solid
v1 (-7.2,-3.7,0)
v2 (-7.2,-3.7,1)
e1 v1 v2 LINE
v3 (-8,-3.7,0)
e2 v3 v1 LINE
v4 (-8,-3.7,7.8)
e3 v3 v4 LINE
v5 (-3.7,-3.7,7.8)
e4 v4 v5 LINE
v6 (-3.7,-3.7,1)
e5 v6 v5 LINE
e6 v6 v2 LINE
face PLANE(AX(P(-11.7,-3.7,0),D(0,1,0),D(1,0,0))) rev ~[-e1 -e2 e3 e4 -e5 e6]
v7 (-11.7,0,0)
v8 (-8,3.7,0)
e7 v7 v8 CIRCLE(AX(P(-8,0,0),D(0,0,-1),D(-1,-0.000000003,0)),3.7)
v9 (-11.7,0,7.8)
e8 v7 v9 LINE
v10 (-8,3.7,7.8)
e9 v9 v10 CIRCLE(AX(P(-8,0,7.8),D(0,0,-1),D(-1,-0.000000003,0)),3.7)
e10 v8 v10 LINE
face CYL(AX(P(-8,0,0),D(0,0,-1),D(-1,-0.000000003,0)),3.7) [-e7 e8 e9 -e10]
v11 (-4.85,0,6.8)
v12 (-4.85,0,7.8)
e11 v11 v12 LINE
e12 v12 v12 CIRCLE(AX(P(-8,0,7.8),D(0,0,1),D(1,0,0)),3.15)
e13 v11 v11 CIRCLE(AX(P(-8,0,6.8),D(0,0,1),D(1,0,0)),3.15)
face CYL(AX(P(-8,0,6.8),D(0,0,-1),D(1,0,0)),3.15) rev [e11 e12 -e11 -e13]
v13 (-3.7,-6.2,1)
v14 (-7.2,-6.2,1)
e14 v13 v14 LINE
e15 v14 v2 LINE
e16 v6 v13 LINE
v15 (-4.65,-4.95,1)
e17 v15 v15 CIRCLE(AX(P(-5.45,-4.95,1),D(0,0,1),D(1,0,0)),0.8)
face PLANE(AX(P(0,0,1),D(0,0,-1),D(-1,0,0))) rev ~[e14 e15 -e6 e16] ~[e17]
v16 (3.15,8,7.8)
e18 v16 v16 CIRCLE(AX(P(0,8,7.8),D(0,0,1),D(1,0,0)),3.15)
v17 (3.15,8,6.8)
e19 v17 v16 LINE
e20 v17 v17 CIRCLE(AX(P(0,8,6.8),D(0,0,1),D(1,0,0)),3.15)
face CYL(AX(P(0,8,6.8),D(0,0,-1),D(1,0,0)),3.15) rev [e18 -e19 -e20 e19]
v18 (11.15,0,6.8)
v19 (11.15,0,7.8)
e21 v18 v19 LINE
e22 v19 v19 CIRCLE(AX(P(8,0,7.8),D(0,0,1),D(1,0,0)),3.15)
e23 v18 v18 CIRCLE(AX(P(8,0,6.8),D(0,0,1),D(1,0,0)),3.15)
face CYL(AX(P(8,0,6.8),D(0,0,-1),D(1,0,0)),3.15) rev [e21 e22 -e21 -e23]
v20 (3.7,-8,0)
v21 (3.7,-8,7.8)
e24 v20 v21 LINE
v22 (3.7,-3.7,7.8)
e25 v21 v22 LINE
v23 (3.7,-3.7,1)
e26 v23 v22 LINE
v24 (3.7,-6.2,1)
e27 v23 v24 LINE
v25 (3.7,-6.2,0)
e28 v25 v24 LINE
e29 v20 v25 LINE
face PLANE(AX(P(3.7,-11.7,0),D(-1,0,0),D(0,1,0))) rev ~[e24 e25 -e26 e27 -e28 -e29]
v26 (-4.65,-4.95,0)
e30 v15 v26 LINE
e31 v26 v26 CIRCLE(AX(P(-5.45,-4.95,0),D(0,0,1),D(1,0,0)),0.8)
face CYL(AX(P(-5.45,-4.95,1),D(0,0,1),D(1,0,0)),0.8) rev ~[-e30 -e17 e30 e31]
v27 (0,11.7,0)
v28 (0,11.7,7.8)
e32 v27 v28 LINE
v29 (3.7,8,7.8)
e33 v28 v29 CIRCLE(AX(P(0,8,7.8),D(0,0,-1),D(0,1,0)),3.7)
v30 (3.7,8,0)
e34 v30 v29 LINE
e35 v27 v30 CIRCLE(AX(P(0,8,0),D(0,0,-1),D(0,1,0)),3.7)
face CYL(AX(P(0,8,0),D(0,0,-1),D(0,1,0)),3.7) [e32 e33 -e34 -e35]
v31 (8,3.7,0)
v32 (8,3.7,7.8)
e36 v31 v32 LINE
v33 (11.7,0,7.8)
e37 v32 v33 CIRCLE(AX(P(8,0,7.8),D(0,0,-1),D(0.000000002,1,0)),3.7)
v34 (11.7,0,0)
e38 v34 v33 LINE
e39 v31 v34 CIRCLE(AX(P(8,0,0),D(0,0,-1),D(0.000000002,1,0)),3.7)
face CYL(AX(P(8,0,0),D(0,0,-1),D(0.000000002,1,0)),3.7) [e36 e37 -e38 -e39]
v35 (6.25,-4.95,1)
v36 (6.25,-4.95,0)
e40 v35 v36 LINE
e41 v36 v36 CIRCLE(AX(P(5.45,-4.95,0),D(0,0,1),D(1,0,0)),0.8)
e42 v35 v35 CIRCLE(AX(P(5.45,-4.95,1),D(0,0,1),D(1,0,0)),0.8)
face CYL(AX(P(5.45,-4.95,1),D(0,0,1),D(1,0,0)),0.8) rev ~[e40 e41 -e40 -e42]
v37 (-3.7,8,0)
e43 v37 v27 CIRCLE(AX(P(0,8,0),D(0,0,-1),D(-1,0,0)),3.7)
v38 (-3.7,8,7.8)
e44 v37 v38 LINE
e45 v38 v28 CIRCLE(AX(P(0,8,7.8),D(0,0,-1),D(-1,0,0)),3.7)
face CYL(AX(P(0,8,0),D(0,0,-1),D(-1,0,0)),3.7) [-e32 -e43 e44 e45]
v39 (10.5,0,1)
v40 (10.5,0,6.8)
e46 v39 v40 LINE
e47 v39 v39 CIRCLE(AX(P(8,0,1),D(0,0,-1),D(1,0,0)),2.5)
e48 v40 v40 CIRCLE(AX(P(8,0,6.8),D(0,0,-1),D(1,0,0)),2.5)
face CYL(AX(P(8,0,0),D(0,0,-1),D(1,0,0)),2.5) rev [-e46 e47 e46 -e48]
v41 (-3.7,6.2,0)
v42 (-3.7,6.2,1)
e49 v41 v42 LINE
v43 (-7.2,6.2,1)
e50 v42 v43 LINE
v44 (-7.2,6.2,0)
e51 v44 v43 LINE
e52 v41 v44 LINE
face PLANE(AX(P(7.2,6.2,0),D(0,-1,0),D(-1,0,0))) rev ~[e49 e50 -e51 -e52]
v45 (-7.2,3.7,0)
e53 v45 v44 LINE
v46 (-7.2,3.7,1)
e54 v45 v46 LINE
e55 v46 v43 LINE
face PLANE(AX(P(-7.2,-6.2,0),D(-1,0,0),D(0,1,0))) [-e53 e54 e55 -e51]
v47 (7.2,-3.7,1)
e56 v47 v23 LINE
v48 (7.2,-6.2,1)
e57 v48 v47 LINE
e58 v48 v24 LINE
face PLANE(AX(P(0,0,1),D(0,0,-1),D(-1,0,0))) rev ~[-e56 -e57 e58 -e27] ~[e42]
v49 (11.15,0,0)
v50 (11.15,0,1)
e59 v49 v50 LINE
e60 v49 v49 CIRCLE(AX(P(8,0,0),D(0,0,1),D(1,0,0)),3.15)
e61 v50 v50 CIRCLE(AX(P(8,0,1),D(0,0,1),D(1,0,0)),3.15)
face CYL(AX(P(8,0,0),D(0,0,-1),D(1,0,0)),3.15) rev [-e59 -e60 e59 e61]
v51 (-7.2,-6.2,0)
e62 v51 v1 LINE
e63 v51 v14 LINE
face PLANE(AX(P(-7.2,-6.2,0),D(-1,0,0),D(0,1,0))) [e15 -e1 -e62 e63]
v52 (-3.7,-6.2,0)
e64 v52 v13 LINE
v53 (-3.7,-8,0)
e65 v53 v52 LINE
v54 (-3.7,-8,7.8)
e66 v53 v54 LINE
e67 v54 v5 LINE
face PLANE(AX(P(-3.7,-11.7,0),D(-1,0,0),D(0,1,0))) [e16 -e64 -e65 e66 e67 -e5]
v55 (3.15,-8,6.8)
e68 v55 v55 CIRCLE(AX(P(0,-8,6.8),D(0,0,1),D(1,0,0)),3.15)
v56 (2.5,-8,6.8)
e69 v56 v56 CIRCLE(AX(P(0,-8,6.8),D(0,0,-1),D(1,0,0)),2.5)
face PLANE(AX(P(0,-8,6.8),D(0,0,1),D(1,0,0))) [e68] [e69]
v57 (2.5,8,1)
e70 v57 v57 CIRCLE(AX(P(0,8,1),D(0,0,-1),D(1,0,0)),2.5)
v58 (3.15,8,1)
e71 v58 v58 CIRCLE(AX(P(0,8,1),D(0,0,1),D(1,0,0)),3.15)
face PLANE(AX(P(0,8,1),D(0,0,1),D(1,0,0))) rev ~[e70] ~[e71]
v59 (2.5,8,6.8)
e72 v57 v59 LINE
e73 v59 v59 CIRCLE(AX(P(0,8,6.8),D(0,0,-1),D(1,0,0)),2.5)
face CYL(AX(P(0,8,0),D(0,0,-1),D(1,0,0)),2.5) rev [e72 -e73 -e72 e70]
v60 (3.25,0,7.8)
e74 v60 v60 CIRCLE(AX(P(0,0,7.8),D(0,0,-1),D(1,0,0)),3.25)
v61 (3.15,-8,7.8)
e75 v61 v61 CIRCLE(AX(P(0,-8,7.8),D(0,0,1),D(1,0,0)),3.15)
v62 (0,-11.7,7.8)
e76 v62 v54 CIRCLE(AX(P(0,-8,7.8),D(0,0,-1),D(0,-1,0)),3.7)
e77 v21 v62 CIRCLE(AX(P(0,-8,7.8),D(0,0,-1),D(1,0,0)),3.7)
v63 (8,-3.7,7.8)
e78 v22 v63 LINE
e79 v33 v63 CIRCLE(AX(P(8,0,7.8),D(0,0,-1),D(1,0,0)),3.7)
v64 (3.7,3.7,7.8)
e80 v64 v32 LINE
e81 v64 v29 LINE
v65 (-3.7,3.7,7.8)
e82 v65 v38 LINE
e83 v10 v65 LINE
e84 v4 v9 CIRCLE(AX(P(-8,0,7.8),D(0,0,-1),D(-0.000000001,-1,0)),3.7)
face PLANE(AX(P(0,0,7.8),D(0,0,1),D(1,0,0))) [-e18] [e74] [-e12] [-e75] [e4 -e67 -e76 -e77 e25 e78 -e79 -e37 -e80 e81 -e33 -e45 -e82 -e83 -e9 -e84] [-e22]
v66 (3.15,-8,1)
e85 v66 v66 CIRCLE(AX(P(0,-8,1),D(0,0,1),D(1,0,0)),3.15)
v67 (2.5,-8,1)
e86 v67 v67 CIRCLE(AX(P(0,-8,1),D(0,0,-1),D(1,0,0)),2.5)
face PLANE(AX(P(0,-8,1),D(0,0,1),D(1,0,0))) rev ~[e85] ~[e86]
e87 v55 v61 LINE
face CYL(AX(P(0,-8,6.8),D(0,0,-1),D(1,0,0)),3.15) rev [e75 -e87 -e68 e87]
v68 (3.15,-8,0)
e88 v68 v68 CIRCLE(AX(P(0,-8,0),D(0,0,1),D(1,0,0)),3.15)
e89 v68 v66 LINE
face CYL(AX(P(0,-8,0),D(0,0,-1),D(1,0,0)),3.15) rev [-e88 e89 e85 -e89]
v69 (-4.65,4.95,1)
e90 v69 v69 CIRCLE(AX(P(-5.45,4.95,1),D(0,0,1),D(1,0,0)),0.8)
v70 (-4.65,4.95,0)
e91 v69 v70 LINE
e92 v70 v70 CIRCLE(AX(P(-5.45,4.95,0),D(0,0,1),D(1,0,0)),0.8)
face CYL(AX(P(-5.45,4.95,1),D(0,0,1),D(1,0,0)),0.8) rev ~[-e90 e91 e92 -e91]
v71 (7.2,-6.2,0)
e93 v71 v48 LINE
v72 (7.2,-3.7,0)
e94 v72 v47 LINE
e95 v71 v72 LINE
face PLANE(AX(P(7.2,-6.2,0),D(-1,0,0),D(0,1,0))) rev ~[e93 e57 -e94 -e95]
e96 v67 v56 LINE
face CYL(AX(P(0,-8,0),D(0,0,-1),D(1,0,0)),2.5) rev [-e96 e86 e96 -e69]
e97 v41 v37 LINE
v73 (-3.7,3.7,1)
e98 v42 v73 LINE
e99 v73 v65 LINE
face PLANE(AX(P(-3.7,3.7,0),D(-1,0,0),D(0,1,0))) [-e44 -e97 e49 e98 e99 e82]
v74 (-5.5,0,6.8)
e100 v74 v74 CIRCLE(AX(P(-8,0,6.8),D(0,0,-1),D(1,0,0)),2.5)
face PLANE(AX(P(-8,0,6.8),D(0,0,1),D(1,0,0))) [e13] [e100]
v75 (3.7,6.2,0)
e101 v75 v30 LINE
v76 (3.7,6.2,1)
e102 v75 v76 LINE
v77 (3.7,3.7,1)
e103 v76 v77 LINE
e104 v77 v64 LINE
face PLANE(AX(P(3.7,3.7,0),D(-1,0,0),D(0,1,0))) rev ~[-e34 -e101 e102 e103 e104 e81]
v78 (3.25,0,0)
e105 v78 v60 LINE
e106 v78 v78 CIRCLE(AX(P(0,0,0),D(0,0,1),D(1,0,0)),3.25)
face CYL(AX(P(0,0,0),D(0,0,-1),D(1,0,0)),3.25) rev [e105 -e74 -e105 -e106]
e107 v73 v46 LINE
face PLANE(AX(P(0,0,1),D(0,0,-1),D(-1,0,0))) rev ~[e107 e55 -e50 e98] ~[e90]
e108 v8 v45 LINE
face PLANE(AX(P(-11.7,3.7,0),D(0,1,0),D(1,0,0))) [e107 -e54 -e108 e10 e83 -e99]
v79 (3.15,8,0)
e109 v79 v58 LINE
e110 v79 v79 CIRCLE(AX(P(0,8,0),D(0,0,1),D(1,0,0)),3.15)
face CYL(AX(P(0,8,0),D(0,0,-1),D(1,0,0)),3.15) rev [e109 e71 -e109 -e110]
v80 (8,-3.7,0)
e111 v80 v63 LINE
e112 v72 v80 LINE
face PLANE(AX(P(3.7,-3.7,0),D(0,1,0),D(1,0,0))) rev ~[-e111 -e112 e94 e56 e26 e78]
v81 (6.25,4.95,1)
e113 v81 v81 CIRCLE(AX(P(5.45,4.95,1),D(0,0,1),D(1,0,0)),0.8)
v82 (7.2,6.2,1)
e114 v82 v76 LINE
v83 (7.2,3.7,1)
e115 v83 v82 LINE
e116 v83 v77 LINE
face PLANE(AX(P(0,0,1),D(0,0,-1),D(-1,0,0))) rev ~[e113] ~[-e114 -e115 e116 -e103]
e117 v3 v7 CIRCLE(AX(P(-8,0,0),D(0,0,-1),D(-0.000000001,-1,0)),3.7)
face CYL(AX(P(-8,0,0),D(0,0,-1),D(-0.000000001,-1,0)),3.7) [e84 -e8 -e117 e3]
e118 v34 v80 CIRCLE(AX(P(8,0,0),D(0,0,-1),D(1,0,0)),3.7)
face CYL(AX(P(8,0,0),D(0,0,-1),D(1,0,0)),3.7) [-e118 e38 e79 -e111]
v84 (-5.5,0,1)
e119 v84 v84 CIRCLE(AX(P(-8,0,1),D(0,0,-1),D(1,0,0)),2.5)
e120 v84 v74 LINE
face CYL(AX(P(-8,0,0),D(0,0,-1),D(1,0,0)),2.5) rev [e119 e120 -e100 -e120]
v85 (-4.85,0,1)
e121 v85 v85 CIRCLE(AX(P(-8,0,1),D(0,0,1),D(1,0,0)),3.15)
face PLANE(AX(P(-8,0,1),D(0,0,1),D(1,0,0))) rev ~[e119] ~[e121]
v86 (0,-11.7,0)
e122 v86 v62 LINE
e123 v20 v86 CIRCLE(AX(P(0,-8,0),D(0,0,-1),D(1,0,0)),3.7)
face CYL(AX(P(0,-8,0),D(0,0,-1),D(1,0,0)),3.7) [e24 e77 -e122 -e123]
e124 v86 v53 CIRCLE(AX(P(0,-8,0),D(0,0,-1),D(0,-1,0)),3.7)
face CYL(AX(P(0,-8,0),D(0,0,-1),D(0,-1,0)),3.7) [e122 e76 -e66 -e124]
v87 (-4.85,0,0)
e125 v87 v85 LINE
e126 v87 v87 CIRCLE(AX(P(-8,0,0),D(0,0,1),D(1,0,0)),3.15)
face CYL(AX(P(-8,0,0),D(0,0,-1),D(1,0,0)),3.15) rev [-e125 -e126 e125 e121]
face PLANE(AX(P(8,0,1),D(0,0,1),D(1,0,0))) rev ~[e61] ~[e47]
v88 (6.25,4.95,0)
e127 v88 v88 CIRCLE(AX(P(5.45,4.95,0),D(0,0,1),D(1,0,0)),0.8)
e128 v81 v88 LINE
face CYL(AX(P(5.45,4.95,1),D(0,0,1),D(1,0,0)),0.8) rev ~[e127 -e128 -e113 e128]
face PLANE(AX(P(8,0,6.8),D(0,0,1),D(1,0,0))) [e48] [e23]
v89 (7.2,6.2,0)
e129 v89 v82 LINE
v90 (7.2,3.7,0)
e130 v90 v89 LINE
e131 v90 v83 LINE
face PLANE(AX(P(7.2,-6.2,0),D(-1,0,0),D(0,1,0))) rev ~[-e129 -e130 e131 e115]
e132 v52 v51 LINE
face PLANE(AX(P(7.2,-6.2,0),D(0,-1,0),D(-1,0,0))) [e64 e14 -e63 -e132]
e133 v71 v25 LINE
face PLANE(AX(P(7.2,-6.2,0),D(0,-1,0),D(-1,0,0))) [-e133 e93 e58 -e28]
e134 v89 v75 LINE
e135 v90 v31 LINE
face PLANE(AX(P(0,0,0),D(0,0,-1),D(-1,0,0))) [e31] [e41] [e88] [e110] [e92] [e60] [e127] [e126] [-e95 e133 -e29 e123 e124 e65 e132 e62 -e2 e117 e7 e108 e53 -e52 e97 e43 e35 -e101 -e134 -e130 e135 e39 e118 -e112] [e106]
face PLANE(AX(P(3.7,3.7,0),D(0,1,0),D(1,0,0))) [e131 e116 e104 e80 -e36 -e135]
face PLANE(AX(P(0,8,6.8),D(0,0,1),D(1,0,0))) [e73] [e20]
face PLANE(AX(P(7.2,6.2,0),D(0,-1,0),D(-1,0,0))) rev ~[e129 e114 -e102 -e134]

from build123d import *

# Parameters (mm, degrees)
SKETCH_2_W          = 23.4
SKETCH_2_H          = 7.4
SKETCH_2_W_2        = 7.4
SKETCH_2_H_2        = 23.4
EXTRUDE_1_DEPTH     = 7.8
SKETCH_3_W          = 14.4
SKETCH_3_H          = 12.4
EXTRUDE_2_DEPTH     = 1
SKETCH_2_6_R        = 2.5
SKETCH_2_6_R_2      = 3.25
CUT_EXTRUDE_3_DEPTH = 19.292621463
SKETCH_2_3_R        = 3.15
CUT_EXTRUDE_1_DEPTH = 1
CUT_EXTRUDE_START   = 6.8
SKETCH_2_5_R        = 3.15
CUT_EXTRUDE_2_DEPTH = 1
SKETCH_4_R          = 0.8
CUT_EXTRUDE_4_DEPTH = 18.889102828


with BuildPart() as part:
    # 草图2 → 凸台-拉伸1 (new body)
    with BuildSketch(Plane.XY):
        Rectangle(SKETCH_2_W, SKETCH_2_H)
        Rectangle(SKETCH_2_W_2, SKETCH_2_H_2)
    extrude(amount=EXTRUDE_1_DEPTH)

    # 草图3 → 凸台-拉伸2 (add)
    with BuildSketch(Plane(origin=(0, 0, 0), x_dir=(-1, 0, 0), z_dir=(0, 0, -1))):
        Rectangle(SKETCH_3_W, SKETCH_3_H)
    extrude(amount=-EXTRUDE_2_DEPTH)

    # 草图2<6> → 切除-拉伸3 (cut, through all)
    with BuildSketch(Plane.XY):
        with BuildLine():
            Line((-3.7, 11.7), (-3.7, 8))
            ThreePointArc((-3.7, 8), (-2.61629509, 10.61629509), (0, 11.7))
            Line((0, 11.7), (-3.7, 11.7))
        make_face()
        with BuildLine():
            ThreePointArc((0, 11.7), (2.61629509, 10.61629509), (3.7, 8))
            Line((3.7, 8), (3.7, 11.7))
            Line((3.7, 11.7), (0, 11.7))
        make_face()
        with BuildLine():
            Line((11.7, 3.7), (8.000000006, 3.7))
            ThreePointArc((8.000000006, 3.7), (10.616295093, 2.616295088), (11.7, 0))
            Line((11.7, 0), (11.7, 3.7))
        make_face()
        with BuildLine():
            ThreePointArc((11.7, 0), (10.616295085, -2.616295096), (7.999999984, -3.7))
            Line((7.999999984, -3.7), (11.7, -3.7))
            Line((11.7, -3.7), (11.7, 0))
        make_face()
        with BuildLine():
            Line((3.7, -11.7), (3.7, -8))
            ThreePointArc((3.7, -8), (2.61629509, -10.61629509), (0, -11.7))
            Line((0, -11.7), (3.7, -11.7))
        make_face()
        with BuildLine():
            ThreePointArc((0, -11.7), (-2.616295094, -10.616295087), (-3.7, -7.99999999))
            Line((-3.7, -7.99999999), (-3.7, -11.7))
            Line((-3.7, -11.7), (0, -11.7))
        make_face()
        with BuildLine():
            Line((-11.7, -1.1e-08), (-11.7, -3.7))
            Line((-11.7, -3.7), (-8.000000004, -3.7))
            ThreePointArc((-8.000000004, -3.7), (-10.616295088, -2.616295093), (-11.7, -1.1e-08))
        make_face()
        with BuildLine():
            Line((-11.7, 3.7), (-11.7, -1.1e-08))
            ThreePointArc((-11.7, -1.1e-08), (-10.616295094, 2.616295086), (-8, 3.7))
            Line((-8, 3.7), (-11.7, 3.7))
        make_face()
        with Locations((0, 8)):
            Circle(SKETCH_2_6_R)
        with Locations((-8, 0)):
            Circle(SKETCH_2_6_R)
        Circle(SKETCH_2_6_R_2)
        with Locations((8, 0)):
            Circle(SKETCH_2_6_R)
        with Locations((0, -8)):
            Circle(SKETCH_2_6_R)
    extrude(amount=CUT_EXTRUDE_3_DEPTH, mode=Mode.SUBTRACT)

    # 草图2<3> → 切除-拉伸1 (cut)
    with BuildSketch(Plane.XY):
        with Locations((8, 0)):
            Circle(SKETCH_2_3_R)
        with Locations((-8, 0)):
            Circle(SKETCH_2_3_R)
        with Locations((0, 8)):
            Circle(SKETCH_2_3_R)
        with Locations((0, -8)):
            Circle(SKETCH_2_3_R)
    extrude(amount=CUT_EXTRUDE_1_DEPTH, mode=Mode.SUBTRACT)

    # 草图2<5> → 切除-拉伸2 (cut)
    with BuildSketch(Plane.XY.offset(CUT_EXTRUDE_START)):
        with Locations((8, 0)):
            Circle(SKETCH_2_5_R)
        with Locations((-8, 0)):
            Circle(SKETCH_2_5_R)
        with Locations((0, 8)):
            Circle(SKETCH_2_5_R)
        with Locations((0, -8)):
            Circle(SKETCH_2_5_R)
    extrude(amount=CUT_EXTRUDE_2_DEPTH, mode=Mode.SUBTRACT)

    # 草图4 → 切除-拉伸4 (cut, through all)
    with BuildSketch(Plane.XY.offset(1)):
        with Locations((-5.45, 4.95)):
            Circle(SKETCH_4_R)
        with Locations((5.45, 4.95)):
            Circle(SKETCH_4_R)
        with Locations((-5.45, -4.95)):
            Circle(SKETCH_4_R)
        with Locations((5.45, -4.95)):
            Circle(SKETCH_4_R)
    extrude(amount=-CUT_EXTRUDE_4_DEPTH, mode=Mode.SUBTRACT)


solid = part.part
